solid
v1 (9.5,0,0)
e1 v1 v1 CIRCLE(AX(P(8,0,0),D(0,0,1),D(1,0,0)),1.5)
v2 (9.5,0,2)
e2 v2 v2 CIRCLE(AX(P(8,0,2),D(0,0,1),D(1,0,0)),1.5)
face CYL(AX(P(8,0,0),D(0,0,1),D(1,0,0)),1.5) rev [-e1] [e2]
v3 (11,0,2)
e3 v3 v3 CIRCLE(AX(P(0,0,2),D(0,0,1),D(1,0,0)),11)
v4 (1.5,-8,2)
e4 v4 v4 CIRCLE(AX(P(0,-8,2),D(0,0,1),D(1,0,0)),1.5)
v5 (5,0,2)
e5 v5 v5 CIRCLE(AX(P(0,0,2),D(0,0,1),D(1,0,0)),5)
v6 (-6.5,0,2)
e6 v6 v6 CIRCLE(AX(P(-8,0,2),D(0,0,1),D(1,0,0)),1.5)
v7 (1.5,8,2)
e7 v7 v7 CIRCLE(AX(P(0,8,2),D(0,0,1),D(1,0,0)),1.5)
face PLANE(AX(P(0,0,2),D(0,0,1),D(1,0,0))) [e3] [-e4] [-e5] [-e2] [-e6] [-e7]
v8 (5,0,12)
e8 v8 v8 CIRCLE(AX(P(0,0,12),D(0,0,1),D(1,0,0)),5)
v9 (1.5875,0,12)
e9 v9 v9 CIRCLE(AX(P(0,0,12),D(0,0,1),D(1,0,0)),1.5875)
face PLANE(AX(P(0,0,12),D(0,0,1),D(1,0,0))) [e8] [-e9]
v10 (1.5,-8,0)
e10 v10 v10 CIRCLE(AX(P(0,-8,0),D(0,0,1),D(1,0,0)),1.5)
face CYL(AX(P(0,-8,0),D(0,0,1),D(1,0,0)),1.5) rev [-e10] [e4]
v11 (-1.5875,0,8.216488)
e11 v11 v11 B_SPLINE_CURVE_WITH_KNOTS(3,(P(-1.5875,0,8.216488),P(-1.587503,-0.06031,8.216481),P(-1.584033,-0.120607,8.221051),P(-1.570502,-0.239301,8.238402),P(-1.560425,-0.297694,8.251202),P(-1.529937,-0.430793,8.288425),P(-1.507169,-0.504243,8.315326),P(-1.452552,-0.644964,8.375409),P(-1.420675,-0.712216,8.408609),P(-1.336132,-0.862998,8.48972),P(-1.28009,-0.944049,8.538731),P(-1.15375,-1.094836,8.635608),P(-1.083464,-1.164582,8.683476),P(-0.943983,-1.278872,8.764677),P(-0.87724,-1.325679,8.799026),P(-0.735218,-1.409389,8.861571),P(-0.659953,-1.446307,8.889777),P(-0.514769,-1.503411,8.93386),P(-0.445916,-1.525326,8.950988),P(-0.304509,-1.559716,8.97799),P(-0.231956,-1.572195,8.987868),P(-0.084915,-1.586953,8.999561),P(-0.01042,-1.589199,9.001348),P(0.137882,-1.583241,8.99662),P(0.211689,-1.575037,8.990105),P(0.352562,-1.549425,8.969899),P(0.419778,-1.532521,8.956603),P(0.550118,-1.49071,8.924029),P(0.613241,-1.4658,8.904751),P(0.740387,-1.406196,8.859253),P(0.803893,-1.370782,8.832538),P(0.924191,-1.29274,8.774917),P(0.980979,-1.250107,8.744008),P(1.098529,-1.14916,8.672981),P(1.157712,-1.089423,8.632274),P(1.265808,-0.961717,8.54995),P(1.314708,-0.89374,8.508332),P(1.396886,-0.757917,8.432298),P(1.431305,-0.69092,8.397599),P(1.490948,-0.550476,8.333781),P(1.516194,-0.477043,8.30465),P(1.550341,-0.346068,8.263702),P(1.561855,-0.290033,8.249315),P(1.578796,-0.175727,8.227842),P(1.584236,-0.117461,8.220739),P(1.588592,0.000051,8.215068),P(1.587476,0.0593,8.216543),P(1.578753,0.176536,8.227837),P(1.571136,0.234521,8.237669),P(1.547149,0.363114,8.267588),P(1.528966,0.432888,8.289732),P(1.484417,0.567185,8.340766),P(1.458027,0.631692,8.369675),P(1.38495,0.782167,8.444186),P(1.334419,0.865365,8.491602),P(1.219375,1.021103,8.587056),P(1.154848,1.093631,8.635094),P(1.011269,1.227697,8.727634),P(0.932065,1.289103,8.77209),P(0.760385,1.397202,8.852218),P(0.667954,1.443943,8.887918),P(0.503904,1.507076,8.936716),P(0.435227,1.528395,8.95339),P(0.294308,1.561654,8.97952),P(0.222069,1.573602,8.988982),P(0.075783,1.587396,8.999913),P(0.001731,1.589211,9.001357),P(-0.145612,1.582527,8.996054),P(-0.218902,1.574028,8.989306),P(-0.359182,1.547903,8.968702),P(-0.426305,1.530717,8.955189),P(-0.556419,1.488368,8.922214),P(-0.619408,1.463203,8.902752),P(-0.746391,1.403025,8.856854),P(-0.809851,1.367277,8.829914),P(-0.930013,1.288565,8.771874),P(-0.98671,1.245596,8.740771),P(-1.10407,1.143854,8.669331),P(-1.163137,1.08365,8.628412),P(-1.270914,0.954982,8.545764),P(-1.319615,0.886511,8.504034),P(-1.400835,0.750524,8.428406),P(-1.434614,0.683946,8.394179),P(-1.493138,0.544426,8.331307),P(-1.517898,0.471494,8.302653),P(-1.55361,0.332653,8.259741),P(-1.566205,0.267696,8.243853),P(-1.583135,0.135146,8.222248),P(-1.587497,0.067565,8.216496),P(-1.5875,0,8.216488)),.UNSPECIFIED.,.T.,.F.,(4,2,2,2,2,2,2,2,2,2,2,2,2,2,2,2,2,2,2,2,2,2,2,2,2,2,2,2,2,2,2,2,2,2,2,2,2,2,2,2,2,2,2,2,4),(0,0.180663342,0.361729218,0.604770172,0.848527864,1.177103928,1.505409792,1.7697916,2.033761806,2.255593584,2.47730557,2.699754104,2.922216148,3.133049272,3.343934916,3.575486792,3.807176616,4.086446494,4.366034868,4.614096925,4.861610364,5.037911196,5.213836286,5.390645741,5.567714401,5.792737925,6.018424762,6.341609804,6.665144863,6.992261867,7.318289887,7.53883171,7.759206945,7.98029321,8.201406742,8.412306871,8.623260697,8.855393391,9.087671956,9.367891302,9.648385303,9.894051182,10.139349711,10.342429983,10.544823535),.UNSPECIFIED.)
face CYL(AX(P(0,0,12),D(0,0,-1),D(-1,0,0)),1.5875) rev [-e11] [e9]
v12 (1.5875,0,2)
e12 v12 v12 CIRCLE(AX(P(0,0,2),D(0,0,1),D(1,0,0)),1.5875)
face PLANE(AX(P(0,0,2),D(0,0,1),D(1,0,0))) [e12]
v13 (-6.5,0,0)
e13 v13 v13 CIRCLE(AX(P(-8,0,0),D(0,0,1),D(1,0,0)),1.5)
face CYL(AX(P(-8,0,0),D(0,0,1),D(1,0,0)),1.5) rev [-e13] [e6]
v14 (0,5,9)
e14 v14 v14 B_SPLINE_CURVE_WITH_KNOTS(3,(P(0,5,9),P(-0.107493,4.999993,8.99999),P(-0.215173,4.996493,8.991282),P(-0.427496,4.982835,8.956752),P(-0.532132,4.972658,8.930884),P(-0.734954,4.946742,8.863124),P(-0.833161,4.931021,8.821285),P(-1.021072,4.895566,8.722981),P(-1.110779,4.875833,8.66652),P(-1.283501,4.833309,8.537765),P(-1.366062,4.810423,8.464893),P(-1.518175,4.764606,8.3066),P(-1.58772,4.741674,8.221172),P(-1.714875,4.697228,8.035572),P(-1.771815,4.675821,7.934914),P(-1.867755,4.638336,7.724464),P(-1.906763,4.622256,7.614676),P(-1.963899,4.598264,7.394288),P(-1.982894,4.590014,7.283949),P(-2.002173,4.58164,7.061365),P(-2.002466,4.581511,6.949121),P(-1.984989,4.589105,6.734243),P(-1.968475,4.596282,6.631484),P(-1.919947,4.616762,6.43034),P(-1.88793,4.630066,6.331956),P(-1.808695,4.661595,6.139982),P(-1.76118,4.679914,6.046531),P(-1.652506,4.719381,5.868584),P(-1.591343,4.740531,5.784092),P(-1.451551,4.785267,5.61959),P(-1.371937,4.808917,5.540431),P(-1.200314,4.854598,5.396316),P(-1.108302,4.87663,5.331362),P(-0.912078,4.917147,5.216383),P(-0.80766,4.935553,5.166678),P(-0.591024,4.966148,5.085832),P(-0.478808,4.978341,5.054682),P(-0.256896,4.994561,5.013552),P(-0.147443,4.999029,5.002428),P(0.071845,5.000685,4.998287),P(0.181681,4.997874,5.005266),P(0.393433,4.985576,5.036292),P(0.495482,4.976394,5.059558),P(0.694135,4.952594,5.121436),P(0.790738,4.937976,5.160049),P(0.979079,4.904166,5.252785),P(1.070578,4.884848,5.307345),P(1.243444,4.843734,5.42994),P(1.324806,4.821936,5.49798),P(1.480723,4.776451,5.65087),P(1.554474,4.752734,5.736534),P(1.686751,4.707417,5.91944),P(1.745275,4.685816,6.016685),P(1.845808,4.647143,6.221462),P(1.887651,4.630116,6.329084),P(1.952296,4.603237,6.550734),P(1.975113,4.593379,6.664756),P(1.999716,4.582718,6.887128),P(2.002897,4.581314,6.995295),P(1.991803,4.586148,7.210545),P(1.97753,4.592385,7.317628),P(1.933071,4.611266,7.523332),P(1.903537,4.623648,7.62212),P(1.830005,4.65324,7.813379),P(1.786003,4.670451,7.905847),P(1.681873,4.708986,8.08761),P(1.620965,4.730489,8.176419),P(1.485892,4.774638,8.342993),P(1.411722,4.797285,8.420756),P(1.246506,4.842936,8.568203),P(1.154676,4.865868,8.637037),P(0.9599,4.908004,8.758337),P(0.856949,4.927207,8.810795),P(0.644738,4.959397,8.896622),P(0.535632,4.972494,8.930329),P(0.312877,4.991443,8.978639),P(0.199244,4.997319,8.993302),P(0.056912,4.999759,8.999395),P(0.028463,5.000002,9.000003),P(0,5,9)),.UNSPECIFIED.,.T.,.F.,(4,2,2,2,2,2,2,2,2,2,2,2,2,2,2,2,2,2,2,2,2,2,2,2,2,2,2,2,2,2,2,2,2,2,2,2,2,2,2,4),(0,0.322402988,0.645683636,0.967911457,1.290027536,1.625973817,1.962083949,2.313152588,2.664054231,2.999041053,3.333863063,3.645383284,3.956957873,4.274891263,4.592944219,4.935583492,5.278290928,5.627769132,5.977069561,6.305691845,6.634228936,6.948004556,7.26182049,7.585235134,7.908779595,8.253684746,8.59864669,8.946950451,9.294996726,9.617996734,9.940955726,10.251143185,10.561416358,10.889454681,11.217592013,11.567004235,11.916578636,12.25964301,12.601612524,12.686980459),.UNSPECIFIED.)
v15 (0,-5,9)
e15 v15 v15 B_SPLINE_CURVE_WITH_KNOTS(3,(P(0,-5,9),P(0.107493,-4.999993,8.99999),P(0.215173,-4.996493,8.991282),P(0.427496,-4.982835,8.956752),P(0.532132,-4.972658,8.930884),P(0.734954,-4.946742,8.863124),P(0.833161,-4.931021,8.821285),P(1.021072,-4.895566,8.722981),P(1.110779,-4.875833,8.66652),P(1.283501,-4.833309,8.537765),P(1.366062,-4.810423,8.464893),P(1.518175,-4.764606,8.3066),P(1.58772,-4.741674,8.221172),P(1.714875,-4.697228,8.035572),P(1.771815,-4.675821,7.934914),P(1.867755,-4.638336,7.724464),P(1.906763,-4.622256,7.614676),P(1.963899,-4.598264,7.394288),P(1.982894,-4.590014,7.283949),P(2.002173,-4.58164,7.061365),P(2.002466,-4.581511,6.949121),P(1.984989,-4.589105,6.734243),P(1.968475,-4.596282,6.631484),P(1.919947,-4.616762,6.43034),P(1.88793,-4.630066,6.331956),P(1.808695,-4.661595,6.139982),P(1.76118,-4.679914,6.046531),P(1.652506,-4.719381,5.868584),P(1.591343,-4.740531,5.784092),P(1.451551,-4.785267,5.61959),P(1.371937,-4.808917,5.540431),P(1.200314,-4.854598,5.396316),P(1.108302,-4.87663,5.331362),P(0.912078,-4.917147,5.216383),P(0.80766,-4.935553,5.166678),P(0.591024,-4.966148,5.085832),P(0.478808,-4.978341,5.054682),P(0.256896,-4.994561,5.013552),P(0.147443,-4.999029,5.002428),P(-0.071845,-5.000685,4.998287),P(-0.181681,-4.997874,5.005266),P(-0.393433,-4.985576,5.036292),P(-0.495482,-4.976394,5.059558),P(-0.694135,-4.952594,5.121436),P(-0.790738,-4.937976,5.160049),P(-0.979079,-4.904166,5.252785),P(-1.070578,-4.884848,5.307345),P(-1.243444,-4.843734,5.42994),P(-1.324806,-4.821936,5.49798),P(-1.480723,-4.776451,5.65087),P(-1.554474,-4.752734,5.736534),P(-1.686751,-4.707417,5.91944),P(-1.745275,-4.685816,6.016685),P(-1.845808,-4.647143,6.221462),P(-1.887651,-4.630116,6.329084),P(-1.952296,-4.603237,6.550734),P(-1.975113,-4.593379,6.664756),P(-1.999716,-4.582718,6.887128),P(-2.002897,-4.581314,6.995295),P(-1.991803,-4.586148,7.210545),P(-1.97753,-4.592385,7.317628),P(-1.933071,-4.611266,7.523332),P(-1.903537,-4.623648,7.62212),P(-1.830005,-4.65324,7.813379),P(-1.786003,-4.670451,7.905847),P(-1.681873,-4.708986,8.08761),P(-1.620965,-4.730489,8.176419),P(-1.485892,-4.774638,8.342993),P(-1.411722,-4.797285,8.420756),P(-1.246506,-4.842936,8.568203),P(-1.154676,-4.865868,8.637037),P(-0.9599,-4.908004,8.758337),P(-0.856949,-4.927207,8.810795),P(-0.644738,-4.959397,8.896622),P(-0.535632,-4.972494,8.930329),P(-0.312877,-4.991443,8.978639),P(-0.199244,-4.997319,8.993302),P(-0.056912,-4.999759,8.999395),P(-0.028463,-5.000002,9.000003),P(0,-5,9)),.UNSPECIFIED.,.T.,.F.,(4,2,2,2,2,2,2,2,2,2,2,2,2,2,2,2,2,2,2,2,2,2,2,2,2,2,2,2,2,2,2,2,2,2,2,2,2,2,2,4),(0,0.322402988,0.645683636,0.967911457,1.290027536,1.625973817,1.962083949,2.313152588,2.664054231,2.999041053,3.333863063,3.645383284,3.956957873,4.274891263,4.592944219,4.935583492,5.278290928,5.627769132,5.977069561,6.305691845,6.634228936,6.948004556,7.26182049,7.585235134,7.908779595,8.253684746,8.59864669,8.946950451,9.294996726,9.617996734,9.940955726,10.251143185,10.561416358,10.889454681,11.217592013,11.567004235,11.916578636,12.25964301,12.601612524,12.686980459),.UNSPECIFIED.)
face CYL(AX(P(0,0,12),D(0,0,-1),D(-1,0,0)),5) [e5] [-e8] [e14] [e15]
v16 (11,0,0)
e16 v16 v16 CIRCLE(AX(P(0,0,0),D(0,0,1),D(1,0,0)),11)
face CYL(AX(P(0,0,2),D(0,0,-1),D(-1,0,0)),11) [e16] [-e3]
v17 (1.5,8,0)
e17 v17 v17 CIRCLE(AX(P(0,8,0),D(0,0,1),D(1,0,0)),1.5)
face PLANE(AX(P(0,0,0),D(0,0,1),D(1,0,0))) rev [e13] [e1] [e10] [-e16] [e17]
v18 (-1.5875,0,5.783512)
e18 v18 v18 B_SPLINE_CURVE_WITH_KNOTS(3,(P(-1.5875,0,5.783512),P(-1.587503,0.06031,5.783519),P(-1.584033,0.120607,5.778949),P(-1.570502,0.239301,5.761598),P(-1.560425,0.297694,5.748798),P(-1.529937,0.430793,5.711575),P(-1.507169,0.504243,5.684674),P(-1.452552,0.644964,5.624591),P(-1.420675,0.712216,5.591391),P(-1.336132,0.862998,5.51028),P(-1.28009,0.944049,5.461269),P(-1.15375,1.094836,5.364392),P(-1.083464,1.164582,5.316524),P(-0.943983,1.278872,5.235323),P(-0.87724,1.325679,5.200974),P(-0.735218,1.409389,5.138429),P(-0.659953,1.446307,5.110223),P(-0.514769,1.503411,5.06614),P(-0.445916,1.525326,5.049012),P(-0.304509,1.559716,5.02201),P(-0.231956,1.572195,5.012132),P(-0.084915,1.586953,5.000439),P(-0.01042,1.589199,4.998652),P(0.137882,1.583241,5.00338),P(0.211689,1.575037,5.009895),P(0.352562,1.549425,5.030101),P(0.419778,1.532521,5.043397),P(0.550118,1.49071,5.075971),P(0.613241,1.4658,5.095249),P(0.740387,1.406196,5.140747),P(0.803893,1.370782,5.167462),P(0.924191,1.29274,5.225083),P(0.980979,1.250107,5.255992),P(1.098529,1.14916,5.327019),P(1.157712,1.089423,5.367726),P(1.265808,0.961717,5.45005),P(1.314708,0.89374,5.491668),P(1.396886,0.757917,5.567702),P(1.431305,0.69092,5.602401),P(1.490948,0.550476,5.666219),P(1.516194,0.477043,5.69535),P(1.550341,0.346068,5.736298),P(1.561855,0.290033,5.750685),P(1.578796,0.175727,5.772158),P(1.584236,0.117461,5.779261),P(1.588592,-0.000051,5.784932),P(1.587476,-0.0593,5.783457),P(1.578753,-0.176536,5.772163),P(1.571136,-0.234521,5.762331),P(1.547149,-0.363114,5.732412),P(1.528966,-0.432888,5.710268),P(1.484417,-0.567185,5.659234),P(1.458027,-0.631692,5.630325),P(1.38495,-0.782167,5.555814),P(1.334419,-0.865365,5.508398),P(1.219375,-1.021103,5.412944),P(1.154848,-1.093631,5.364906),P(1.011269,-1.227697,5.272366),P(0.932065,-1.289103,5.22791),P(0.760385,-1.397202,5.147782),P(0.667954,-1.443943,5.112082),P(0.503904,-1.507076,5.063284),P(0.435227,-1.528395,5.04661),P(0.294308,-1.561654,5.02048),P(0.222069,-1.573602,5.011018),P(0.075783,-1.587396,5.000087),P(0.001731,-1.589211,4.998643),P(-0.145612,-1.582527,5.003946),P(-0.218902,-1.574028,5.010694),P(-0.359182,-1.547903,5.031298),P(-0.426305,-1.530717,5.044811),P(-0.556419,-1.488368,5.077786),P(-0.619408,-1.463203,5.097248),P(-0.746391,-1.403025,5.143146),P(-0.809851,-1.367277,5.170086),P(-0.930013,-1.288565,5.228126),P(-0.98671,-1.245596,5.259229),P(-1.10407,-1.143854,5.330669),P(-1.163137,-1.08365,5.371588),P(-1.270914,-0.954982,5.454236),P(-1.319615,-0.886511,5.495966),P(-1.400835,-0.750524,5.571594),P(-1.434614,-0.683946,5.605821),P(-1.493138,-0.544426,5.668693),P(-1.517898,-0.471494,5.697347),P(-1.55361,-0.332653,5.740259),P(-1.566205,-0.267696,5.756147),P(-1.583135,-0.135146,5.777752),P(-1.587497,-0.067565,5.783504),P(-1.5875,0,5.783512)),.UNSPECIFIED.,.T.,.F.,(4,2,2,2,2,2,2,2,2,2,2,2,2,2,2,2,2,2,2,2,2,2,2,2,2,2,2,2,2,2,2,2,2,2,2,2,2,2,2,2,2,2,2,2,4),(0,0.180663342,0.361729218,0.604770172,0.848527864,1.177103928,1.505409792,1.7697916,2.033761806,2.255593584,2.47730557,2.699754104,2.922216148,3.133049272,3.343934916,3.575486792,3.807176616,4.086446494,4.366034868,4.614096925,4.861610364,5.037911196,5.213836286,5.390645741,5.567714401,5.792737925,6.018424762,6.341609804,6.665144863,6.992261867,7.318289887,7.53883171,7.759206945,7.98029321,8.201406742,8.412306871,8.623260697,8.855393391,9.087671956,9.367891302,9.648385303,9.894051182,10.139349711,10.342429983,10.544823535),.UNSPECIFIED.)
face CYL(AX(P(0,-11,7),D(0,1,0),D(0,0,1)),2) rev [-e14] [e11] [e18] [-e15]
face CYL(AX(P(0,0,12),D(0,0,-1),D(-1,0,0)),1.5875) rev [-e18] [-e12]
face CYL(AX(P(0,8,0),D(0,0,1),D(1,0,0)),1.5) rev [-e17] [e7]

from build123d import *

# Parameters (mm, degrees)
SKETCH1_R               = 11
BOSS_EXTRUDE1_DEPTH     = 2
SKETCH2_R               = 5
SKETCH2_R_2             = 1.5875
BOSS_EXTRUDE2_DEPTH     = 10
SKETCH3_R               = 1.5
CUT_EXTRUDE1_DEPTH      = 19.493242009
CUT_EXTRUDE2_DEPTH      = 20.646882704
CUT_EXTRUDE2_DEPTH_BACK = 20.646882704
SKETCH4_R               = 2


with BuildPart() as part:
    # Sketch1 → Boss-Extrude1 (new body)
    with BuildSketch(Plane.XY):
        Circle(SKETCH1_R)
    extrude(amount=BOSS_EXTRUDE1_DEPTH)

    # Sketch2 → Boss-Extrude2 (add)
    with BuildSketch(Plane.XY.offset(2)):
        Circle(SKETCH2_R)
        Circle(SKETCH2_R_2, mode=Mode.SUBTRACT)
    extrude(amount=BOSS_EXTRUDE2_DEPTH)

    # Sketch3 → Cut-Extrude1 (cut, through all)
    with BuildSketch(Plane.XY.offset(2)):
        with Locations((0, 8)):
            Circle(SKETCH3_R)
        with Locations((8, 0)):
            Circle(SKETCH3_R)
        with Locations((0, -8)):
            Circle(SKETCH3_R)
        with Locations((-8, 0)):
            Circle(SKETCH3_R)
    extrude(amount=-CUT_EXTRUDE1_DEPTH, mode=Mode.SUBTRACT)

    # Sketch4 → Cut-Extrude2 (cut, two sides: drawn at the far end of the back side and taken through both)
    with BuildSketch(Plane(origin=(0, 0, 0), x_dir=(1, 0, 0), z_dir=(0, 1, 0)).offset(-CUT_EXTRUDE2_DEPTH_BACK)):
        with Locations(Location((0, -7, 0), (0, 0, 270))):
            Circle(SKETCH4_R)
    extrude(amount=CUT_EXTRUDE2_DEPTH + CUT_EXTRUDE2_DEPTH_BACK, mode=Mode.SUBTRACT)


solid = part.part
